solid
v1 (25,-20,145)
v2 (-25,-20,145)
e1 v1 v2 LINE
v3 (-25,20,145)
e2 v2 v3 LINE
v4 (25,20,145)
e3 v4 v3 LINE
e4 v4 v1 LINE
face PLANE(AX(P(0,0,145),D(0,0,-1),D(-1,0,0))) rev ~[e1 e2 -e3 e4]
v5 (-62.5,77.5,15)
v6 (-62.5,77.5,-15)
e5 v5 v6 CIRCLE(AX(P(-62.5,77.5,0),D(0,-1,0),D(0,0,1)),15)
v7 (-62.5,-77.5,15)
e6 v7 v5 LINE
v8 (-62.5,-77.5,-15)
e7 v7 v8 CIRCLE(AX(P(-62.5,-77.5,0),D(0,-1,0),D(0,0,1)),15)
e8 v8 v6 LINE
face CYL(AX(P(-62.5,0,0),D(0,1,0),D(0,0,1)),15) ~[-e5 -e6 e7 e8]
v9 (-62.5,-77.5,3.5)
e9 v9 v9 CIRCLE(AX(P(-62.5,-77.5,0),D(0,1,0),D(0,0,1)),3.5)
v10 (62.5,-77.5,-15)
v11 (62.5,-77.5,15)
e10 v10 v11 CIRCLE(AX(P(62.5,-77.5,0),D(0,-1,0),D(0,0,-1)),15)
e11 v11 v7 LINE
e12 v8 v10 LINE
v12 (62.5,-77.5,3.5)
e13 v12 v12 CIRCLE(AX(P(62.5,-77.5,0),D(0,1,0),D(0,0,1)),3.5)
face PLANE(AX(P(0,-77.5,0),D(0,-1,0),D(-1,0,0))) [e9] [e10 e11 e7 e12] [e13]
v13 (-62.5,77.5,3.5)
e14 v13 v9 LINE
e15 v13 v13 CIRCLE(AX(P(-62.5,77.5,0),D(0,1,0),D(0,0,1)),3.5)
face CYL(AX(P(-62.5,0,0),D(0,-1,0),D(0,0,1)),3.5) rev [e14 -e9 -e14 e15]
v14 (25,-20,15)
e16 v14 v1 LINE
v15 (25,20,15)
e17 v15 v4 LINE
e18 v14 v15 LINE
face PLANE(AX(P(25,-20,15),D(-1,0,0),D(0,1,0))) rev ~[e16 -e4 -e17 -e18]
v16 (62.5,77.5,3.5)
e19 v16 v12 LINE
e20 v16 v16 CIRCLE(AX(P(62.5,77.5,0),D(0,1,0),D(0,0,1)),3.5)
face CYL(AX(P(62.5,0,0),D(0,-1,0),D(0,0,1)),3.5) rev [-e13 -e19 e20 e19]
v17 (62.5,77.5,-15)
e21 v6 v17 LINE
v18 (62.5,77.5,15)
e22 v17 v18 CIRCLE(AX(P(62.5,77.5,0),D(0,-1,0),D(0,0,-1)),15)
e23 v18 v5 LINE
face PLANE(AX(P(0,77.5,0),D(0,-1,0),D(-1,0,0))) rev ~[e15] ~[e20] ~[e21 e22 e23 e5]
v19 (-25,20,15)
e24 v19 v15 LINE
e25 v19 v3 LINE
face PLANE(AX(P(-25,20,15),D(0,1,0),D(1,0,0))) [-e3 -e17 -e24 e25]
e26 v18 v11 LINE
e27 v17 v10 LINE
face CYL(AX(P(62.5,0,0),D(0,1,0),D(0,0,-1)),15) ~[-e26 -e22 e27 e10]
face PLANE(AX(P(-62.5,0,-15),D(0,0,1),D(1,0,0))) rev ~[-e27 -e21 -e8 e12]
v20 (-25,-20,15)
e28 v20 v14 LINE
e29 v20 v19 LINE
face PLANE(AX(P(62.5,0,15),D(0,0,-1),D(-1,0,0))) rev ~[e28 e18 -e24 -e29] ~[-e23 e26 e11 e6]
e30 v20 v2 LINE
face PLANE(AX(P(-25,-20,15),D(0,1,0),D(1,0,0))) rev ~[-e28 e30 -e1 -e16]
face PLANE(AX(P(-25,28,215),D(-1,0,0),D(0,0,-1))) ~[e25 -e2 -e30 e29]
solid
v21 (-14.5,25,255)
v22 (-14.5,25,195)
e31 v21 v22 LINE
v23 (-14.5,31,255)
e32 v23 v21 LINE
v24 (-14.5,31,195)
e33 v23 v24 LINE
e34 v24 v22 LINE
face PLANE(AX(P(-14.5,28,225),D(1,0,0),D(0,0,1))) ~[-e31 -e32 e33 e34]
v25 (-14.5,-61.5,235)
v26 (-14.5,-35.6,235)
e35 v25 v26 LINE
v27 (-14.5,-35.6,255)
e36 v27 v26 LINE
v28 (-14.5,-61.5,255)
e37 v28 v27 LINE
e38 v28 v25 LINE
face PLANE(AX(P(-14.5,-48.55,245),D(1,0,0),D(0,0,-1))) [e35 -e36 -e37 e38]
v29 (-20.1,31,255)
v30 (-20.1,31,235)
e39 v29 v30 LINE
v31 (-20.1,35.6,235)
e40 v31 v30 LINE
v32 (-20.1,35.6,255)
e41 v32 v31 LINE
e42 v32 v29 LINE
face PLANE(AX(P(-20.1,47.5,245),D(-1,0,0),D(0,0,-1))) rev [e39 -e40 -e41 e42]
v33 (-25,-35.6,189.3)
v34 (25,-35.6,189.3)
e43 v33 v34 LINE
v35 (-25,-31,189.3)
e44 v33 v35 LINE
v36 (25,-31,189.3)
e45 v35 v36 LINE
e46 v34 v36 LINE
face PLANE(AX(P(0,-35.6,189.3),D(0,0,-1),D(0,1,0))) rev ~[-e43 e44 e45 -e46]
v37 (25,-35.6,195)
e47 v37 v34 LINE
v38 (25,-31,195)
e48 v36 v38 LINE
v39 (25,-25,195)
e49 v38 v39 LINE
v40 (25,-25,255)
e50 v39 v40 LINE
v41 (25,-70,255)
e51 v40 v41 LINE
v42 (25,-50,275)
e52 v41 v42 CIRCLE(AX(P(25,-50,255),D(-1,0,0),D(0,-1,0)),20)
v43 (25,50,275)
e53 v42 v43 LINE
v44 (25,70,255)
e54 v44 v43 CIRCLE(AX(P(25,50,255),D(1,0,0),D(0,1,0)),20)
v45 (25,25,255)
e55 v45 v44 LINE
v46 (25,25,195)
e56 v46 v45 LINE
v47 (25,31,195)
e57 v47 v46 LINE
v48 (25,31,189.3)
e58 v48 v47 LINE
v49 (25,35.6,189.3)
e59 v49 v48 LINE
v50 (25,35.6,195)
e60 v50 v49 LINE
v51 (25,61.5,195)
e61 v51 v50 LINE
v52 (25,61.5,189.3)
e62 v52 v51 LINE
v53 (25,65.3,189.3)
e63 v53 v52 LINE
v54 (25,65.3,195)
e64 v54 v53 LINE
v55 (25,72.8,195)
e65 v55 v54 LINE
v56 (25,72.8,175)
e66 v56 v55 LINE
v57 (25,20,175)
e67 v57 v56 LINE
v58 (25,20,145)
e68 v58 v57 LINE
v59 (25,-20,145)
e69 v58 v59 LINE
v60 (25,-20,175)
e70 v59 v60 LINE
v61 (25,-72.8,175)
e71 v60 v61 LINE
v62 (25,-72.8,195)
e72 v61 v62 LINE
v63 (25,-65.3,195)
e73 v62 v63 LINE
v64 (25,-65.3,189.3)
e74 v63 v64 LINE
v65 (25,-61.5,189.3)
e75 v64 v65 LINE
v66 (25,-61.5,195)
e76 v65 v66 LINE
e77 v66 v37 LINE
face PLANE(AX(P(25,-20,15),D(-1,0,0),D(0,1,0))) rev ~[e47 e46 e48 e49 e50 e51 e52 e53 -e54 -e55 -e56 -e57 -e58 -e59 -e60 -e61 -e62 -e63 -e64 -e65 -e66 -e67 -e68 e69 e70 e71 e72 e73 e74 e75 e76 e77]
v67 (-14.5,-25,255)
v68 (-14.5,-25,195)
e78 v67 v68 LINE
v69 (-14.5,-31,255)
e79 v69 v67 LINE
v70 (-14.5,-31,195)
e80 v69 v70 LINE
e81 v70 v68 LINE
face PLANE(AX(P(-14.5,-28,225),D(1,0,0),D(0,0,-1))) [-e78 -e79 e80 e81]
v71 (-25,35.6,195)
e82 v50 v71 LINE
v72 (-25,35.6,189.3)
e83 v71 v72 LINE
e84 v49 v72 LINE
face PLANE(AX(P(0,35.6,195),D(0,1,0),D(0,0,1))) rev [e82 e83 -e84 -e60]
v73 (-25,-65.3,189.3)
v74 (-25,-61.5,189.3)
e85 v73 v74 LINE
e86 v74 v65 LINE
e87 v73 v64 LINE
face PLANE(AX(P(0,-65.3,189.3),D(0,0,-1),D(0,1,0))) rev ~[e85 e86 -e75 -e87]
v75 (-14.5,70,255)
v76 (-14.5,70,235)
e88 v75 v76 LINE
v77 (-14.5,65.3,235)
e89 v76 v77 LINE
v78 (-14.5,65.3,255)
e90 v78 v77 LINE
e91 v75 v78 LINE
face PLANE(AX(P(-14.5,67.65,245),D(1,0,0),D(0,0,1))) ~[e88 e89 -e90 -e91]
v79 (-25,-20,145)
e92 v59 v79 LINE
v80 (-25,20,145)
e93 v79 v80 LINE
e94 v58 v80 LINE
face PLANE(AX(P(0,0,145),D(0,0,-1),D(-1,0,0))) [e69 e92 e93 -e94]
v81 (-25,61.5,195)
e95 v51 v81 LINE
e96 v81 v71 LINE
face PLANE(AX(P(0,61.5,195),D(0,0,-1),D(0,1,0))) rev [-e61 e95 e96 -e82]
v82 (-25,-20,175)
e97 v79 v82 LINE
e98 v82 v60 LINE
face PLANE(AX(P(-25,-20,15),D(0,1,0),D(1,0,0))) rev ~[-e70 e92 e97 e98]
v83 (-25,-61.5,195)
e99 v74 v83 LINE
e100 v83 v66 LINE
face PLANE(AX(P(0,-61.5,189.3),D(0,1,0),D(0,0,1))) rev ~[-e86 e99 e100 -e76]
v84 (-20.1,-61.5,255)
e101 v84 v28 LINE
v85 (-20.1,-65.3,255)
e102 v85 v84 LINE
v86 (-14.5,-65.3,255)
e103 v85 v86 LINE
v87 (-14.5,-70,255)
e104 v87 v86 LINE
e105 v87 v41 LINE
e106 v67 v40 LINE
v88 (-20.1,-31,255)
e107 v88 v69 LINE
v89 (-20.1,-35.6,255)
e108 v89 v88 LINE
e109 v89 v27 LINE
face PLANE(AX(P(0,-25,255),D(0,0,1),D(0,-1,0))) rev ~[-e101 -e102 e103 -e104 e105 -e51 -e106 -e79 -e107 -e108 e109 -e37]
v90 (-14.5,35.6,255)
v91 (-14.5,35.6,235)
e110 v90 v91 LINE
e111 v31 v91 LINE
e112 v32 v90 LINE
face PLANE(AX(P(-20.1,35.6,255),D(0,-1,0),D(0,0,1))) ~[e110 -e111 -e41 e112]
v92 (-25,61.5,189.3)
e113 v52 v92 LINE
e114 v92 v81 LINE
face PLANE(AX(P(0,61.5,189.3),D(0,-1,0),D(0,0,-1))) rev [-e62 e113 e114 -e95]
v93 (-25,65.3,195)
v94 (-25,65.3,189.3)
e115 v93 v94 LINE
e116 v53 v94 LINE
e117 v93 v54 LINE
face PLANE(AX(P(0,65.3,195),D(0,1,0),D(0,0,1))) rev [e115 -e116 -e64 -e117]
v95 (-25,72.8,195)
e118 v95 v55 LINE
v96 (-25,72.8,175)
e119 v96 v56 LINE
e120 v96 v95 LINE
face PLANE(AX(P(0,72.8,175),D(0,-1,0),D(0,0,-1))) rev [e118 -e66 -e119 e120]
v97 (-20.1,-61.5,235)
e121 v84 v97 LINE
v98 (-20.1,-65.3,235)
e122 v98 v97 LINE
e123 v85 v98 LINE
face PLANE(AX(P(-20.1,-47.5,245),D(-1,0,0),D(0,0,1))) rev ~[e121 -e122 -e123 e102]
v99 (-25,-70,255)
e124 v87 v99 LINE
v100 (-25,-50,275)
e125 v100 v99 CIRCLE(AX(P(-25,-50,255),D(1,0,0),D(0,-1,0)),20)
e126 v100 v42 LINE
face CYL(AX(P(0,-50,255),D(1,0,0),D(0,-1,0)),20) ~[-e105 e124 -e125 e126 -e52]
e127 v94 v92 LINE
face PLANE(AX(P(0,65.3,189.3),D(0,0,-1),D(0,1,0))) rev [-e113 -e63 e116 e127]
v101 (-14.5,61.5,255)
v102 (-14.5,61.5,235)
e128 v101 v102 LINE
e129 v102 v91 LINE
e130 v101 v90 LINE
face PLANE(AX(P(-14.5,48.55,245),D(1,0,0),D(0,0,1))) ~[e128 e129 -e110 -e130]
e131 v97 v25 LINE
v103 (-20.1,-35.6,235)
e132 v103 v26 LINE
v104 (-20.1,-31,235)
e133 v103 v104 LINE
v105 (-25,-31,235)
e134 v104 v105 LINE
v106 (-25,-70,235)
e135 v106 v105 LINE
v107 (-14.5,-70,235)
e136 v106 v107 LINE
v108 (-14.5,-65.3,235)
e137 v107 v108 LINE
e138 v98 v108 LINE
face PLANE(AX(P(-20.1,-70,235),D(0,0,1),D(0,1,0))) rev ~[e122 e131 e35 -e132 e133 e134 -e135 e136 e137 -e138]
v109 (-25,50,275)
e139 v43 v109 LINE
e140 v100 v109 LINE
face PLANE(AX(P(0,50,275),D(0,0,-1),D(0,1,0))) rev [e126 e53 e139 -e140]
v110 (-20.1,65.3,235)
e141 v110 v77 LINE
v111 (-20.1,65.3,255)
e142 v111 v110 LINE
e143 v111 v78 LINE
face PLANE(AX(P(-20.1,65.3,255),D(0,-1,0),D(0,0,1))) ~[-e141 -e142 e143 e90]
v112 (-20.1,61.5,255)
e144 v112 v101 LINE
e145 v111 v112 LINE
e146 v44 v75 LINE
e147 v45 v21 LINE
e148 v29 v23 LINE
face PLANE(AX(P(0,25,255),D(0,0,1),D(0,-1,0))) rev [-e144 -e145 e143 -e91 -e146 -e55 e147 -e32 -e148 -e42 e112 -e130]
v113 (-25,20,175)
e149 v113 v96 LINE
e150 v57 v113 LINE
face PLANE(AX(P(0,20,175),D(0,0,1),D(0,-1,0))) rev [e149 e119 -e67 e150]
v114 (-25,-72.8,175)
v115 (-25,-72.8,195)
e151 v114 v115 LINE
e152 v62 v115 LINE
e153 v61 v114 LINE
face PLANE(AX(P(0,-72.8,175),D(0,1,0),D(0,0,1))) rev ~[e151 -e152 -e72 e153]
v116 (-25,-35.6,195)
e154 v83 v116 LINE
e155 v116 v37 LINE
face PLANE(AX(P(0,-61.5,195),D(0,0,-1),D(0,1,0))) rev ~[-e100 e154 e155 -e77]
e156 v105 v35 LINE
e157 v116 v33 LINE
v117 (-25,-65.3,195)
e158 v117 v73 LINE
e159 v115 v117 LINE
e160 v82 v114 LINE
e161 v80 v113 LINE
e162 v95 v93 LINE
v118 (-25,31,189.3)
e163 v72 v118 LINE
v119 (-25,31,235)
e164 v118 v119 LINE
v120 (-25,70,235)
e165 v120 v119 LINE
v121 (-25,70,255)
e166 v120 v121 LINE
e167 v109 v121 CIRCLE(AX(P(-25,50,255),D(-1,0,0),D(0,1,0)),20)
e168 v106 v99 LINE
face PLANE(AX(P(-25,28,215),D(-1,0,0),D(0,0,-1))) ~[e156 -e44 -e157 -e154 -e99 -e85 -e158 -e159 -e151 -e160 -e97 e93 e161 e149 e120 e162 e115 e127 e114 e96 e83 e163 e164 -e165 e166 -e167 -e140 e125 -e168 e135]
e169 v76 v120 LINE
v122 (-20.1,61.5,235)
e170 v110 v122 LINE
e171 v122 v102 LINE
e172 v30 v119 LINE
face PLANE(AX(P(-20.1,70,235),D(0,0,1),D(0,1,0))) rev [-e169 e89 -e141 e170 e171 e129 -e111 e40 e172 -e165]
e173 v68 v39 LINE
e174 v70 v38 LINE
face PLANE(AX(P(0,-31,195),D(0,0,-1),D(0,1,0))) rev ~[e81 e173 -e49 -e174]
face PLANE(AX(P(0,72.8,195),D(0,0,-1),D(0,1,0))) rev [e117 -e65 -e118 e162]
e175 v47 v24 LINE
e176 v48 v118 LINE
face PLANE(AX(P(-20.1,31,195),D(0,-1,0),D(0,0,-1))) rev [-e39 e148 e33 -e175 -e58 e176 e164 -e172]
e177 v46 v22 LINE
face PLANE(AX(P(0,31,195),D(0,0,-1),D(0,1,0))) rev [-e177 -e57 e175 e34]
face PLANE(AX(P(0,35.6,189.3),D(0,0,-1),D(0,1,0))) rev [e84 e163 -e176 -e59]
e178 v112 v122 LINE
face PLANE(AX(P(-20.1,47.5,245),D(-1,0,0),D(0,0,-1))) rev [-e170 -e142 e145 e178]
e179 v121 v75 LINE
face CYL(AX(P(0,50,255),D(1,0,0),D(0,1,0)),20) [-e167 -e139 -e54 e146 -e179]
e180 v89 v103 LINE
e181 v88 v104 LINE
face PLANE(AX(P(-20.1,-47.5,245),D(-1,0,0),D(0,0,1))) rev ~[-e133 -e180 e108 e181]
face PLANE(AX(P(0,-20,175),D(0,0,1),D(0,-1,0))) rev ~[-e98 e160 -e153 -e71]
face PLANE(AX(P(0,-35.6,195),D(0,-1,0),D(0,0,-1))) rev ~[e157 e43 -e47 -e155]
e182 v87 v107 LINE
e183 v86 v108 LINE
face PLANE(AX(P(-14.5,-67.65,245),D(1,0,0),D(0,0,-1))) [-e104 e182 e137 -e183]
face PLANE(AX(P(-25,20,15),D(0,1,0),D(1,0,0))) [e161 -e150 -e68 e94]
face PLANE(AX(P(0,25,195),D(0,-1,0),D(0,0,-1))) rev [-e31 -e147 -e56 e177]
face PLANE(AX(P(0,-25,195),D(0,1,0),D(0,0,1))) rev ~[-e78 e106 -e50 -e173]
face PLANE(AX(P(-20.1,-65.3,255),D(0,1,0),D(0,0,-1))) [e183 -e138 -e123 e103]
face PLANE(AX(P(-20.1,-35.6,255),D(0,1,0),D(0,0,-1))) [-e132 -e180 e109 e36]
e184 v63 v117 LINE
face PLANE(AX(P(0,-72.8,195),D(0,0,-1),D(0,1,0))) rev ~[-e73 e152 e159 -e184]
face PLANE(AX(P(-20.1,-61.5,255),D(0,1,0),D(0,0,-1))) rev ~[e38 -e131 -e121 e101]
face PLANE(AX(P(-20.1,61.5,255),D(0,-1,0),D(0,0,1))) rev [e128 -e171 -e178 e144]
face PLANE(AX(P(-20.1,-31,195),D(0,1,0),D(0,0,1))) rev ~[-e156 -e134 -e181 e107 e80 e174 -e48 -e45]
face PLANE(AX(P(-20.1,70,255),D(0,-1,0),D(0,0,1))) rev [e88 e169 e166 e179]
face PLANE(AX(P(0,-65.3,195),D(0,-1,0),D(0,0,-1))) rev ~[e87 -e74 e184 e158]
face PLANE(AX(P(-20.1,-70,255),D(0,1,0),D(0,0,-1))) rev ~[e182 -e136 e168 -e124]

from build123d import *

# Parameters (mm, degrees)
SKETCH1_R                       = 3.5
BOSS_EXTRUDE1_DEPTH             = 77.5
SKETCH2_W                       = 50
SKETCH2_H                       = 40
BOSS_EXTRUDE2_DEPTH             = 260
BOSS_EXTRUDE4_REACH             = 298.036
BOSS_EXTRUDE4_DIRECTION_2_REACH = 298.036
SKETCH6_W                       = 20
SKETCH6_H                       = 45
BOSS_EXTRUDE5_DEPTH             = 4.9
SKETCH9_W                       = 20
SKETCH9_H                       = 4.7
SKETCH9_W_2                     = 60
SKETCH9_H_2                     = 6
SKETCH9_H_3                     = 25.9
BOSS_EXTRUDE7_DEPTH             = 5.6
SKETCH11_W                      = 40
SKETCH11_H                      = 6
BOSS_EXTRUDE8_DEPTH             = 4.9


with BuildPart() as part:
    # Sketch1 → Boss-Extrude1 (new, symmetric)
    with BuildSketch(Plane(origin=(0, 0, 0), x_dir=(1, 0, 0), z_dir=(0, 1, 0))):
        with BuildLine():
            Line((-62.5, 15), (62.5, 15))
            ThreePointArc((62.5, 15), (77.5, 0), (62.5, -15))
            Line((62.5, -15), (-62.5, -15))
            ThreePointArc((-62.5, -15), (-77.5, 0), (-62.5, 15))
        make_face()
        with Locations(Location((-62.5, 0, 0), (0, 0, 270))):
            Circle(SKETCH1_R, mode=Mode.SUBTRACT)
        with Locations(Location((62.5, 0, 0), (0, 0, 270))):
            Circle(SKETCH1_R, mode=Mode.SUBTRACT)
    extrude(amount=BOSS_EXTRUDE1_DEPTH, both=True)

    # Sketch2 → Boss-Extrude2 (add)
    with BuildSketch(Plane.XY.offset(15)):
        Rectangle(SKETCH2_W, SKETCH2_H)
    extrude(amount=BOSS_EXTRUDE2_DEPTH)

    # Boss-Extrude4: up to this face of the body (flat: up to its plane)
    boss_extrude4_end = Plane(part.part.faces().sort_by_distance((25, 0, 145))[0])
    # Sketch5 → Boss-Extrude4 (add, up to the picked face)
    with BuildSketch(Plane(origin=(0, 0, 0), x_dir=(0, 0, -1), z_dir=(1, 0, 0)), mode=Mode.PRIVATE) as boss_extrude4_sk1:
        with BuildLine():
            Line((-275, -20), (-175, -20))
            Line((-175, -20), (-175, -72.8))
            Line((-175, -72.8), (-195, -72.8))
            Line((-195, -72.8), (-195, -65.3))
            Line((-195, -65.3), (-189.3, -65.3))
            Line((-189.3, -65.3), (-189.3, -61.5))
            Line((-189.3, -61.5), (-195, -61.5))
            Line((-195, -61.5), (-195, -35.6))
            Line((-195, -35.6), (-189.3, -35.6))
            Line((-189.3, -35.6), (-189.3, -31))
            Line((-189.3, -31), (-195, -31))
            Line((-195, -31), (-195, -25))
            Line((-195, -25), (-255, -25))
            Line((-255, -25), (-255, -70))
            ThreePointArc((-255, -70), (-269.142135624, -64.142135624), (-275, -50))
            Line((-275, -50), (-275, -20))
        make_face()
    boss_extrude4_tool1 = split(extrude(boss_extrude4_sk1.sketch, amount=BOSS_EXTRUDE4_REACH, mode=Mode.PRIVATE), bisect_by=boss_extrude4_end, keep=Keep.BOTH, mode=Mode.PRIVATE)
    boss_extrude4 = boss_extrude4_tool1.solids().sort_by(Axis((0, -21.130833, 225), (1, 0, 0)))[0]
    add(boss_extrude4)

    # Boss-Extrude4 direction 2: up to this face of the body (flat: up to its plane)
    boss_extrude4_direction_2_end = Plane(part.part.faces().sort_by_distance((-25, 0, 145))[0])
    # Sketch5 → Boss-Extrude4 direction 2 (add, up to the picked face)
    with BuildSketch(Plane(origin=(0, 0, 0), x_dir=(0, 0, -1), z_dir=(1, 0, 0)), mode=Mode.PRIVATE) as boss_extrude4_direction_2_sk1:
        with BuildLine():
            Line((-275, -20), (-175, -20))
            Line((-175, -20), (-175, -72.8))
            Line((-175, -72.8), (-195, -72.8))
            Line((-195, -72.8), (-195, -65.3))
            Line((-195, -65.3), (-189.3, -65.3))
            Line((-189.3, -65.3), (-189.3, -61.5))
            Line((-189.3, -61.5), (-195, -61.5))
            Line((-195, -61.5), (-195, -35.6))
            Line((-195, -35.6), (-189.3, -35.6))
            Line((-189.3, -35.6), (-189.3, -31))
            Line((-189.3, -31), (-195, -31))
            Line((-195, -31), (-195, -25))
            Line((-195, -25), (-255, -25))
            Line((-255, -25), (-255, -70))
            ThreePointArc((-255, -70), (-269.142135624, -64.142135624), (-275, -50))
            Line((-275, -50), (-275, -20))
        make_face()
    boss_extrude4_direction_2_tool1 = split(extrude(boss_extrude4_direction_2_sk1.sketch, amount=-BOSS_EXTRUDE4_DIRECTION_2_REACH, mode=Mode.PRIVATE), bisect_by=boss_extrude4_direction_2_end, keep=Keep.BOTH, mode=Mode.PRIVATE)
    boss_extrude4_direction_2 = boss_extrude4_direction_2_tool1.solids().sort_by(Axis((0, -21.130833, 225), (-1, 0, 0)))[0]
    add(boss_extrude4_direction_2)

    # Sketch6 → Boss-Extrude5 (add)
    with BuildSketch(Plane.ZY.offset(25)):
        with Locations((245, -47.5)):
            Rectangle(SKETCH6_W, SKETCH6_H)
    boss_extrude5 = extrude(amount=-BOSS_EXTRUDE5_DEPTH)

    # Mirror1: Boss-Extrude4, Boss-Extrude4 direction 2, Boss-Extrude5 across plane
    add(boss_extrude4.mirror(Plane.ZX))
    add(boss_extrude4_direction_2.mirror(Plane.ZX))
    add(boss_extrude5.mirror(Plane.ZX))

    # Sketch9 → Boss-Extrude7 (add)
    with BuildSketch(Plane(origin=(-20.1, 0, 0), x_dir=(0, 0, -1), z_dir=(1, 0, 0))):
        with Locations((-245, -67.65)):
            Rectangle(SKETCH9_W, SKETCH9_H)
        with Locations((-225, -28)):
            Rectangle(SKETCH9_W_2, SKETCH9_H_2)
        with Locations((-245, -48.55)):
            Rectangle(SKETCH9_W, SKETCH9_H_3)
    boss_extrude7 = extrude(amount=BOSS_EXTRUDE7_DEPTH)

    # Sketch11 → Boss-Extrude8 (add)
    with BuildSketch(Plane.ZY.offset(20.1)):
        with Locations((215, -28)):
            Rectangle(SKETCH11_W, SKETCH11_H)
    boss_extrude8 = extrude(amount=BOSS_EXTRUDE8_DEPTH)

    # Mirror2: Boss-Extrude7, Boss-Extrude8 across plane
    add(boss_extrude7.mirror(Plane.ZX))
    add(boss_extrude8.mirror(Plane.ZX))


with BuildPart() as body_2:
    # Split1: the piece on the far side of the plane
    add(part.part)
    split(bisect_by=Plane(origin=(0, 0, 145), x_dir=(-1, 0, 0), z_dir=(0, 0, -1)), keep=Keep.BOTTOM)


with BuildPart() as part_1:
    add(part.part)

    # Split1
    split(bisect_by=Plane(origin=(0, 0, 145), x_dir=(-1, 0, 0), z_dir=(0, 0, -1)), keep=Keep.TOP)


solid = Compound([body_2.part, part_1.part])
